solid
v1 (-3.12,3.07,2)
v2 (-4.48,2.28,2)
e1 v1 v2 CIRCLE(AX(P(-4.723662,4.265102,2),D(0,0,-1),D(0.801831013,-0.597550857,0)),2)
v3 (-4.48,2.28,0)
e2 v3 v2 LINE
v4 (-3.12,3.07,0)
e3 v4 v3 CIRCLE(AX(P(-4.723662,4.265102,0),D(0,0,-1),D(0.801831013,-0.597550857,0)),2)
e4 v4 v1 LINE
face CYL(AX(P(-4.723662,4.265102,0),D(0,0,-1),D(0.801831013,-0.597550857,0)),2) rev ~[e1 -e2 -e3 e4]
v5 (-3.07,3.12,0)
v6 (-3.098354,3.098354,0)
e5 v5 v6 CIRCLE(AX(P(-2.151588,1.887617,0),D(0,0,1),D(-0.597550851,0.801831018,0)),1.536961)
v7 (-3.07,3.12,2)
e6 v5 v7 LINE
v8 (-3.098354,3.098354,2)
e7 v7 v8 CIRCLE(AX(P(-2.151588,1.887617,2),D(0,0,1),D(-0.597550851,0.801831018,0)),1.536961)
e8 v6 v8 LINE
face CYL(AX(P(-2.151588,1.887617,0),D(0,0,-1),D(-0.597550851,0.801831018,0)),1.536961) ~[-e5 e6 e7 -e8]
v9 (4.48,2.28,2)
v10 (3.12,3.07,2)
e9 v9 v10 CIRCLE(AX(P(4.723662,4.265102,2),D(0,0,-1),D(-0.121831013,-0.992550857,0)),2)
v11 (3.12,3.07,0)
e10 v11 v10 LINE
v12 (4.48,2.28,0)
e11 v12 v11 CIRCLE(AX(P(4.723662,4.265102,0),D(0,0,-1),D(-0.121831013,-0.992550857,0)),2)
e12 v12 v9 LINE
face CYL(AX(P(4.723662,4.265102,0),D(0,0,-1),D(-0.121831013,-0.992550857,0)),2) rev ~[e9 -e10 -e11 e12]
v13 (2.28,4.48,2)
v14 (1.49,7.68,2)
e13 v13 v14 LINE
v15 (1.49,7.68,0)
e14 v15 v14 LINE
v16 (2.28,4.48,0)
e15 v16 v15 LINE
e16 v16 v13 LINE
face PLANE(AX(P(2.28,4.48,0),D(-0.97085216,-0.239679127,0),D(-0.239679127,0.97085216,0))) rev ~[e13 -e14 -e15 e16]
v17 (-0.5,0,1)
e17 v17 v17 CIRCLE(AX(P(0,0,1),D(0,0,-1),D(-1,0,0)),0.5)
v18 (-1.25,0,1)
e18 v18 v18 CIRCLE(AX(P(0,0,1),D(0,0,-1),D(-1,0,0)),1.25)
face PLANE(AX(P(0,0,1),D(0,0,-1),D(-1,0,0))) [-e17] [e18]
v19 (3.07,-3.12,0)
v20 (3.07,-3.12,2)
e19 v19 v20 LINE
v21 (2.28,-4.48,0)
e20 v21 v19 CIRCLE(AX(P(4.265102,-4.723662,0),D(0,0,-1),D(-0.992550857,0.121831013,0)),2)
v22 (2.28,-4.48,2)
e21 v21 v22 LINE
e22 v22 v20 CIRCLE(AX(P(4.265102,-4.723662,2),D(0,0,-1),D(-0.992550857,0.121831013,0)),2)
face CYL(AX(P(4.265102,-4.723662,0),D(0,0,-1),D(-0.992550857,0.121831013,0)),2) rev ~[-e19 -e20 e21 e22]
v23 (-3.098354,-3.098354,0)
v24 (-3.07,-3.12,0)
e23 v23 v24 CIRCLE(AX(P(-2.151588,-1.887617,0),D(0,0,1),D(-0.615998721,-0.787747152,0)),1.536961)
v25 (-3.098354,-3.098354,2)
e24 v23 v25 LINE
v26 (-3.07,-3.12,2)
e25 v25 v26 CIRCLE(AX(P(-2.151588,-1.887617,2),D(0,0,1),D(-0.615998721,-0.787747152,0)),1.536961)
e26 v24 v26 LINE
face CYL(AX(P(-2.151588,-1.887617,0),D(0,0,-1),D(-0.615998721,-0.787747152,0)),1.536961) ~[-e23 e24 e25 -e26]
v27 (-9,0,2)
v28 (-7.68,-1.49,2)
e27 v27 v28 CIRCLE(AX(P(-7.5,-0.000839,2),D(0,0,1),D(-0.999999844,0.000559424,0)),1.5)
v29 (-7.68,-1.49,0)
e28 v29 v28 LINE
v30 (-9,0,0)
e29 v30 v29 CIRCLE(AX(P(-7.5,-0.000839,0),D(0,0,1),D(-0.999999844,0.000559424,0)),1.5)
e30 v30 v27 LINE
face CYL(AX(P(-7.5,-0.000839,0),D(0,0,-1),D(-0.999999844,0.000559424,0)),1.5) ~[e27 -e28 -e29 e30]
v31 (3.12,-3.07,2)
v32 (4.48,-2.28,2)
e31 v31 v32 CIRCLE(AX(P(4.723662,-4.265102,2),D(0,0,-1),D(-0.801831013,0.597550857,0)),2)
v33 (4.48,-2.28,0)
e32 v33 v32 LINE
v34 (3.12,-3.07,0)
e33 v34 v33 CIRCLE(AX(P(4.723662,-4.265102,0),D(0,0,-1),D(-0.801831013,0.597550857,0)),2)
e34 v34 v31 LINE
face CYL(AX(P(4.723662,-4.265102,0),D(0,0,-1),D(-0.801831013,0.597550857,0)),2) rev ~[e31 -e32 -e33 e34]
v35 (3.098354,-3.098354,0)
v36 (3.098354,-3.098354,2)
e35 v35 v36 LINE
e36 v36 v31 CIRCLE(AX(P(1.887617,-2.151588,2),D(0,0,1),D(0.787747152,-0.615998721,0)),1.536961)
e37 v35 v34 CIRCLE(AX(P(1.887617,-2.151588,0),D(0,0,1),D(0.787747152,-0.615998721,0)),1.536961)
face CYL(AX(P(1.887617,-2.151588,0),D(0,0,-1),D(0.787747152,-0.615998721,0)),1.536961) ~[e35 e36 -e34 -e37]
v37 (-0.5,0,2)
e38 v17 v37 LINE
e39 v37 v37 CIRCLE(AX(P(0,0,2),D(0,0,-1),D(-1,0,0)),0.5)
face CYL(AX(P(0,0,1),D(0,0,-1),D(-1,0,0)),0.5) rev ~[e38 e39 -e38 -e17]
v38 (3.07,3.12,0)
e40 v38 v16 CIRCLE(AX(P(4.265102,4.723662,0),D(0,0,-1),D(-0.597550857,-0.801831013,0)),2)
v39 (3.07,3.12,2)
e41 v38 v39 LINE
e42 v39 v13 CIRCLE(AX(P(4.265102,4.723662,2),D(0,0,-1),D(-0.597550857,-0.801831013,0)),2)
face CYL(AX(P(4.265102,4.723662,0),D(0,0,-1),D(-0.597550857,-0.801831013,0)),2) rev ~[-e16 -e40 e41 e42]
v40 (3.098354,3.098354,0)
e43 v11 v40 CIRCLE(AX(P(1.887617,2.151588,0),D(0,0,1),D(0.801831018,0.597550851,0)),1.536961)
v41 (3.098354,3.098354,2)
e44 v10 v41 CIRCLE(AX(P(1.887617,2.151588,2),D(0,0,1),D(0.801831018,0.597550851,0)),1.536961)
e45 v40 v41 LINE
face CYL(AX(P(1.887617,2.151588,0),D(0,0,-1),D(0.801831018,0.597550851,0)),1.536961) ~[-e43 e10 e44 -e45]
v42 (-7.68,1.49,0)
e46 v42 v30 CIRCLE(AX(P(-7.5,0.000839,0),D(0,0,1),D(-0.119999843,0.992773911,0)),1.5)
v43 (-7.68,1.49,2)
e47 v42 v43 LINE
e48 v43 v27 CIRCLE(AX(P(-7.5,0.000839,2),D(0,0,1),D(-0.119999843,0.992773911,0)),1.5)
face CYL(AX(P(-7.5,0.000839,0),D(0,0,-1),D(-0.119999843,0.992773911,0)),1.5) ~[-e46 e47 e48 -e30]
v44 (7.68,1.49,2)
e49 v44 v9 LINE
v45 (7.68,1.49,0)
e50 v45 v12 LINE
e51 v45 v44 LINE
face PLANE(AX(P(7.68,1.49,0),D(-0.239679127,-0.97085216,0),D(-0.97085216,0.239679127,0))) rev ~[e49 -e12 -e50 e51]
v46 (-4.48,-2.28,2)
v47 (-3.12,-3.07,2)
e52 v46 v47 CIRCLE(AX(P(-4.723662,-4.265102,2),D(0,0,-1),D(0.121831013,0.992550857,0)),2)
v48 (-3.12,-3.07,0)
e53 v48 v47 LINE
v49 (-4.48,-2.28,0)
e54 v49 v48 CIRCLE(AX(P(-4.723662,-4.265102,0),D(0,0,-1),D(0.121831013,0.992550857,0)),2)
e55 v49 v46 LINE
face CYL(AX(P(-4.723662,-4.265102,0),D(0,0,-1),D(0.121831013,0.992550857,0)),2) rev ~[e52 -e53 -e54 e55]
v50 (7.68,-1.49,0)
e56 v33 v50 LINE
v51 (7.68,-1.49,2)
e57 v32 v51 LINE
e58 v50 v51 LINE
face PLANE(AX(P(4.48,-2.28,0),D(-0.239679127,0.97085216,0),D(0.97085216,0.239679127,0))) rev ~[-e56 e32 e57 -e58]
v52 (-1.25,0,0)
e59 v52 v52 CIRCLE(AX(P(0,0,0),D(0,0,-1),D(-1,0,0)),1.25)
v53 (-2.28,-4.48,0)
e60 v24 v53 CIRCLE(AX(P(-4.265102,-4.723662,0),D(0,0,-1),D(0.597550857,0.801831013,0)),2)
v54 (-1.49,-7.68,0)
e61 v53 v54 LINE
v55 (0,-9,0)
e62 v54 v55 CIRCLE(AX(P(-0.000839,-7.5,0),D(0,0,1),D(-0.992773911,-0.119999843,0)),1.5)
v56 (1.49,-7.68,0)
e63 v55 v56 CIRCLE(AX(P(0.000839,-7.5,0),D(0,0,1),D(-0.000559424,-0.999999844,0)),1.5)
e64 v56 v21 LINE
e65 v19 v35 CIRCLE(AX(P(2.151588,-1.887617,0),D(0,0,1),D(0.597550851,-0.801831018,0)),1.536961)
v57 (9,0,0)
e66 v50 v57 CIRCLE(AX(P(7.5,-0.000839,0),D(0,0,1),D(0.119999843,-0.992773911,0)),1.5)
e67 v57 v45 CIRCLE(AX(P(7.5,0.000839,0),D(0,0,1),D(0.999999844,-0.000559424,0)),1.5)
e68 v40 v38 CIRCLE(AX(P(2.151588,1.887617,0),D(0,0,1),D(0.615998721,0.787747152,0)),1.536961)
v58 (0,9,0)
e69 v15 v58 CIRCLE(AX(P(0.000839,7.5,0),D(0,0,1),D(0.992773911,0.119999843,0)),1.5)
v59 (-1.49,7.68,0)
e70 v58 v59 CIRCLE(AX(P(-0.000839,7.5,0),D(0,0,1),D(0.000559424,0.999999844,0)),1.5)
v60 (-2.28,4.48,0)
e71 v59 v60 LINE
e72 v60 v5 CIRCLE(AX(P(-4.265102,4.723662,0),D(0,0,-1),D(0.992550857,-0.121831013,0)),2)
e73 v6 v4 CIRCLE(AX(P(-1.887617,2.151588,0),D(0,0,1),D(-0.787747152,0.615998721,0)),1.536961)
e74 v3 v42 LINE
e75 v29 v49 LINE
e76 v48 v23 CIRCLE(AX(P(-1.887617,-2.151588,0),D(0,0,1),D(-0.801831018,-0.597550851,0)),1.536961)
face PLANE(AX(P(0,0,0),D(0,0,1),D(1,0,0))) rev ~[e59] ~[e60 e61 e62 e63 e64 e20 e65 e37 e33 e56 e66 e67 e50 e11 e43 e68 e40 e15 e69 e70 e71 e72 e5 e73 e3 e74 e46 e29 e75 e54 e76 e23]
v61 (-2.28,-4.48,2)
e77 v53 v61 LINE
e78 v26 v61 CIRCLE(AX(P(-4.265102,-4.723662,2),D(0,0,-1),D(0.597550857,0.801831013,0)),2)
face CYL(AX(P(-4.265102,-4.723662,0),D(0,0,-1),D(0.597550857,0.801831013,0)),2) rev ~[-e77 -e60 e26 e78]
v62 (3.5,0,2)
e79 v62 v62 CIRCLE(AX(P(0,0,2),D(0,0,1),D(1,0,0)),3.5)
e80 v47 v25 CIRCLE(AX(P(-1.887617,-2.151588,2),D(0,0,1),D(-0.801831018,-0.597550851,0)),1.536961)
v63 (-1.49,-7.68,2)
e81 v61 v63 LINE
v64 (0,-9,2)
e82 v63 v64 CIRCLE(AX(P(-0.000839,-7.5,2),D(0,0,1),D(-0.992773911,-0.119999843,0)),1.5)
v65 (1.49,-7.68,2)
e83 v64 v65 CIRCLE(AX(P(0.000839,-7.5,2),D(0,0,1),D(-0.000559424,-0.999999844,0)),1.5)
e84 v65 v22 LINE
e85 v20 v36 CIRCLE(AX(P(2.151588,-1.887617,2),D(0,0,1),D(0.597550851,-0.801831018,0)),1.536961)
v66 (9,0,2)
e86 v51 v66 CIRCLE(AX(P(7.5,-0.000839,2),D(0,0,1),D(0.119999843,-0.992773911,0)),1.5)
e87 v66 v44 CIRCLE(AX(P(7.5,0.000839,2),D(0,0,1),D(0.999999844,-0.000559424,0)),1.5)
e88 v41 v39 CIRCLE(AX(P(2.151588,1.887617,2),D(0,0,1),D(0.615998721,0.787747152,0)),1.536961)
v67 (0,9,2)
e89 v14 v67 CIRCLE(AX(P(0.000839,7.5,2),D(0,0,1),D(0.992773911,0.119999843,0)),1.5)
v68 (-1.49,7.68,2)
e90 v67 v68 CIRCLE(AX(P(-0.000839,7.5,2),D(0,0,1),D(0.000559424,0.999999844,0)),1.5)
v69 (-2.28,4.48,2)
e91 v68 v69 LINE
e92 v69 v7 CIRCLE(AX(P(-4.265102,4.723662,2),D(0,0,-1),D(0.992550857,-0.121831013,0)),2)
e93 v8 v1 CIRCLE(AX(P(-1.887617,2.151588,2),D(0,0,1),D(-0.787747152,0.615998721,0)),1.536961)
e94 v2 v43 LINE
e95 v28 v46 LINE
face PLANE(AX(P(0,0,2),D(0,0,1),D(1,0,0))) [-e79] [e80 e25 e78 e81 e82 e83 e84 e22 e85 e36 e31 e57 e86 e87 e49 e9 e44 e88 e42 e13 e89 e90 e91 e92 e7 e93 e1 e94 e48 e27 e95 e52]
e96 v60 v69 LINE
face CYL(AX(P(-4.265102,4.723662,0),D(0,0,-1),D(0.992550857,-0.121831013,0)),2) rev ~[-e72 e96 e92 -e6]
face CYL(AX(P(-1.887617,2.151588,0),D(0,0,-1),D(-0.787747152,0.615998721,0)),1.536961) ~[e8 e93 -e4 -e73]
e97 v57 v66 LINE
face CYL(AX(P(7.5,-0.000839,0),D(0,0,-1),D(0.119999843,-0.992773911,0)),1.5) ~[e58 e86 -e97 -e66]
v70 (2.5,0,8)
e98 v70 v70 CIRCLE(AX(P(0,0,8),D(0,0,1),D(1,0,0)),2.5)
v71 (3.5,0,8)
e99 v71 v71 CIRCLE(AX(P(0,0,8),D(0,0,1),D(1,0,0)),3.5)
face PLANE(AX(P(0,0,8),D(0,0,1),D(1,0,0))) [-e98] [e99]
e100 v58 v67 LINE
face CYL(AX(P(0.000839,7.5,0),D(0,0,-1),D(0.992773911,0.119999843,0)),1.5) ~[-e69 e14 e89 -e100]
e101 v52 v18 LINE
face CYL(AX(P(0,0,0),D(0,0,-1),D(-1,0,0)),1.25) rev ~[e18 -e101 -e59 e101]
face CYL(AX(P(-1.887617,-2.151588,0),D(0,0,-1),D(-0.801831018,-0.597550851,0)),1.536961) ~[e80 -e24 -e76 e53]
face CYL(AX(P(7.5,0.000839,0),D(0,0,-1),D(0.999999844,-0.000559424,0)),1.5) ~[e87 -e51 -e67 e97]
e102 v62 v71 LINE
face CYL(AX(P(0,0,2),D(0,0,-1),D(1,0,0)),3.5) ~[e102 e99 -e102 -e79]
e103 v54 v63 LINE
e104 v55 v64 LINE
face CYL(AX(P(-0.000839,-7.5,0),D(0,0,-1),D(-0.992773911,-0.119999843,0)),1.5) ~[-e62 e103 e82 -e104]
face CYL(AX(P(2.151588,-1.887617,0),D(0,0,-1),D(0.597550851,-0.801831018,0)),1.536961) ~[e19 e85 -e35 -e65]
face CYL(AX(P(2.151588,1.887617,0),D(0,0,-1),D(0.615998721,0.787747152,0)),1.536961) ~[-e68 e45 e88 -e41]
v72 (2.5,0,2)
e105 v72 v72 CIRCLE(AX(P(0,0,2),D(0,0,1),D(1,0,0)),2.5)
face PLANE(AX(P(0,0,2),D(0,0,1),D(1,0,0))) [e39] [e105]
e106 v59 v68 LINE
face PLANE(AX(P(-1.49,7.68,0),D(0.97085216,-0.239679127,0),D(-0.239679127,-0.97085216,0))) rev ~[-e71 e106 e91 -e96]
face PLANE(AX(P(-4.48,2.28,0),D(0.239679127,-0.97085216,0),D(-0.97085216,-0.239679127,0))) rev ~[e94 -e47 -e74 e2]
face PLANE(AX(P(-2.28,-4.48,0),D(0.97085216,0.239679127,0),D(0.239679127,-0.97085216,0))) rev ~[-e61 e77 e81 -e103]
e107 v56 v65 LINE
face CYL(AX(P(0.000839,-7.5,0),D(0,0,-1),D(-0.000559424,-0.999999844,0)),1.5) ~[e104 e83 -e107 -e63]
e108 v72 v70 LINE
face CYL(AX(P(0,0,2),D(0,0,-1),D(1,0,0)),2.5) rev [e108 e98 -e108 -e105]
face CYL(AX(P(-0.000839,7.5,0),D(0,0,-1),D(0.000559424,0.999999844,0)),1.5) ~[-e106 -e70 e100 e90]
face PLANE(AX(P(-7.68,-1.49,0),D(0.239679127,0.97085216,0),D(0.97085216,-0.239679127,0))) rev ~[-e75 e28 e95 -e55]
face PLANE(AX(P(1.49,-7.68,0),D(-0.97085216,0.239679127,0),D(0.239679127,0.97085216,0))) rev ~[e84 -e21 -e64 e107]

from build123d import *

# Parameters (mm, degrees)
BOSS_EXTRUDE1_DEPTH = 2
SKETCH3_R           = 3.5
SKETCH3_R_2         = 2.5
BOSS_EXTRUDE2_DEPTH = 6
SKETCH4_R           = 1.25
CUT_EXTRUDE1_DEPTH  = 1
SKETCH5_R           = 0.5
CUT_EXTRUDE2_DEPTH  = 15.525839337


with BuildPart() as part:
    # Sketch2 → Boss-Extrude1 (new body)
    with BuildSketch(Plane.XY):
        with BuildLine():
            Line((1.49, -7.68), (2.28, -4.48))
            ThreePointArc((2.28, -4.48), (2.535701974, -3.719084235), (3.07, -3.12))
            ThreePointArc((3.07, -3.12), (3.084239628, -3.109259088), (3.098353652, -3.098353652))
            ThreePointArc((3.098353652, -3.098353652), (3.109259088, -3.084239628), (3.12, -3.07))
            ThreePointArc((3.12, -3.07), (3.719084235, -2.535701974), (4.48, -2.28))
            Line((4.48, -2.28), (7.68, -1.49))
            ThreePointArc((7.68, -1.49), (8.622775638, -0.995512646), (9, 0))
            ThreePointArc((9, 0), (8.622775638, 0.995512646), (7.68, 1.49))
            Line((7.68, 1.49), (4.48, 2.28))
            ThreePointArc((4.48, 2.28), (3.719084235, 2.535701974), (3.12, 3.07))
            ThreePointArc((3.12, 3.07), (3.109259088, 3.084239628), (3.098353652, 3.098353652))
            ThreePointArc((3.098353652, 3.098353652), (3.084239628, 3.109259088), (3.07, 3.12))
            ThreePointArc((3.07, 3.12), (2.535701974, 3.719084235), (2.28, 4.48))
            Line((2.28, 4.48), (1.49, 7.68))
            ThreePointArc((1.49, 7.68), (0.995512646, 8.622775638), (0, 9))
            ThreePointArc((0, 9), (-0.995512646, 8.622775638), (-1.49, 7.68))
            Line((-1.49, 7.68), (-2.28, 4.48))
            ThreePointArc((-2.28, 4.48), (-2.535701974, 3.719084235), (-3.07, 3.12))
            ThreePointArc((-3.07, 3.12), (-3.084239628, 3.109259088), (-3.098353652, 3.098353652))
            ThreePointArc((-3.098353652, 3.098353652), (-3.109259088, 3.084239628), (-3.12, 3.07))
            ThreePointArc((-3.12, 3.07), (-3.719084235, 2.535701974), (-4.48, 2.28))
            Line((-4.48, 2.28), (-7.68, 1.49))
            ThreePointArc((-7.68, 1.49), (-8.622775638, 0.995512646), (-9, 0))
            ThreePointArc((-9, 0), (-8.622775638, -0.995512646), (-7.68, -1.49))
            Line((-7.68, -1.49), (-4.48, -2.28))
            ThreePointArc((-4.48, -2.28), (-3.719084235, -2.535701974), (-3.12, -3.07))
            ThreePointArc((-3.12, -3.07), (-3.109259088, -3.084239628), (-3.098353652, -3.098353652))
            ThreePointArc((-3.098353652, -3.098353652), (-3.084239628, -3.109259088), (-3.07, -3.12))
            ThreePointArc((-3.07, -3.12), (-2.535701974, -3.719084235), (-2.28, -4.48))
            Line((-2.28, -4.48), (-1.49, -7.68))
            ThreePointArc((-1.49, -7.68), (-0.995512646, -8.622775638), (0, -9))
            ThreePointArc((0, -9), (0.995512646, -8.622775638), (1.49, -7.68))
        make_face()
    extrude(amount=BOSS_EXTRUDE1_DEPTH)

    # Sketch3 → Boss-Extrude2 (add)
    with BuildSketch(Plane.XY.offset(2)):
        Circle(SKETCH3_R)
        Circle(SKETCH3_R_2, mode=Mode.SUBTRACT)
    extrude(amount=BOSS_EXTRUDE2_DEPTH)

    # Sketch4 → Cut-Extrude1 (cut)
    with BuildSketch(Plane(origin=(0, 0, 0), x_dir=(-1, 0, 0), z_dir=(0, 0, -1))):
        Circle(SKETCH4_R)
    extrude(amount=-CUT_EXTRUDE1_DEPTH, mode=Mode.SUBTRACT)

    # Sketch5 → Cut-Extrude2 (cut, through all)
    with BuildSketch(Plane(origin=(0, 0, 1), x_dir=(-1, 0, 0), z_dir=(0, 0, -1))):
        Circle(SKETCH5_R)
    extrude(amount=-CUT_EXTRUDE2_DEPTH, mode=Mode.SUBTRACT)


solid = part.part
